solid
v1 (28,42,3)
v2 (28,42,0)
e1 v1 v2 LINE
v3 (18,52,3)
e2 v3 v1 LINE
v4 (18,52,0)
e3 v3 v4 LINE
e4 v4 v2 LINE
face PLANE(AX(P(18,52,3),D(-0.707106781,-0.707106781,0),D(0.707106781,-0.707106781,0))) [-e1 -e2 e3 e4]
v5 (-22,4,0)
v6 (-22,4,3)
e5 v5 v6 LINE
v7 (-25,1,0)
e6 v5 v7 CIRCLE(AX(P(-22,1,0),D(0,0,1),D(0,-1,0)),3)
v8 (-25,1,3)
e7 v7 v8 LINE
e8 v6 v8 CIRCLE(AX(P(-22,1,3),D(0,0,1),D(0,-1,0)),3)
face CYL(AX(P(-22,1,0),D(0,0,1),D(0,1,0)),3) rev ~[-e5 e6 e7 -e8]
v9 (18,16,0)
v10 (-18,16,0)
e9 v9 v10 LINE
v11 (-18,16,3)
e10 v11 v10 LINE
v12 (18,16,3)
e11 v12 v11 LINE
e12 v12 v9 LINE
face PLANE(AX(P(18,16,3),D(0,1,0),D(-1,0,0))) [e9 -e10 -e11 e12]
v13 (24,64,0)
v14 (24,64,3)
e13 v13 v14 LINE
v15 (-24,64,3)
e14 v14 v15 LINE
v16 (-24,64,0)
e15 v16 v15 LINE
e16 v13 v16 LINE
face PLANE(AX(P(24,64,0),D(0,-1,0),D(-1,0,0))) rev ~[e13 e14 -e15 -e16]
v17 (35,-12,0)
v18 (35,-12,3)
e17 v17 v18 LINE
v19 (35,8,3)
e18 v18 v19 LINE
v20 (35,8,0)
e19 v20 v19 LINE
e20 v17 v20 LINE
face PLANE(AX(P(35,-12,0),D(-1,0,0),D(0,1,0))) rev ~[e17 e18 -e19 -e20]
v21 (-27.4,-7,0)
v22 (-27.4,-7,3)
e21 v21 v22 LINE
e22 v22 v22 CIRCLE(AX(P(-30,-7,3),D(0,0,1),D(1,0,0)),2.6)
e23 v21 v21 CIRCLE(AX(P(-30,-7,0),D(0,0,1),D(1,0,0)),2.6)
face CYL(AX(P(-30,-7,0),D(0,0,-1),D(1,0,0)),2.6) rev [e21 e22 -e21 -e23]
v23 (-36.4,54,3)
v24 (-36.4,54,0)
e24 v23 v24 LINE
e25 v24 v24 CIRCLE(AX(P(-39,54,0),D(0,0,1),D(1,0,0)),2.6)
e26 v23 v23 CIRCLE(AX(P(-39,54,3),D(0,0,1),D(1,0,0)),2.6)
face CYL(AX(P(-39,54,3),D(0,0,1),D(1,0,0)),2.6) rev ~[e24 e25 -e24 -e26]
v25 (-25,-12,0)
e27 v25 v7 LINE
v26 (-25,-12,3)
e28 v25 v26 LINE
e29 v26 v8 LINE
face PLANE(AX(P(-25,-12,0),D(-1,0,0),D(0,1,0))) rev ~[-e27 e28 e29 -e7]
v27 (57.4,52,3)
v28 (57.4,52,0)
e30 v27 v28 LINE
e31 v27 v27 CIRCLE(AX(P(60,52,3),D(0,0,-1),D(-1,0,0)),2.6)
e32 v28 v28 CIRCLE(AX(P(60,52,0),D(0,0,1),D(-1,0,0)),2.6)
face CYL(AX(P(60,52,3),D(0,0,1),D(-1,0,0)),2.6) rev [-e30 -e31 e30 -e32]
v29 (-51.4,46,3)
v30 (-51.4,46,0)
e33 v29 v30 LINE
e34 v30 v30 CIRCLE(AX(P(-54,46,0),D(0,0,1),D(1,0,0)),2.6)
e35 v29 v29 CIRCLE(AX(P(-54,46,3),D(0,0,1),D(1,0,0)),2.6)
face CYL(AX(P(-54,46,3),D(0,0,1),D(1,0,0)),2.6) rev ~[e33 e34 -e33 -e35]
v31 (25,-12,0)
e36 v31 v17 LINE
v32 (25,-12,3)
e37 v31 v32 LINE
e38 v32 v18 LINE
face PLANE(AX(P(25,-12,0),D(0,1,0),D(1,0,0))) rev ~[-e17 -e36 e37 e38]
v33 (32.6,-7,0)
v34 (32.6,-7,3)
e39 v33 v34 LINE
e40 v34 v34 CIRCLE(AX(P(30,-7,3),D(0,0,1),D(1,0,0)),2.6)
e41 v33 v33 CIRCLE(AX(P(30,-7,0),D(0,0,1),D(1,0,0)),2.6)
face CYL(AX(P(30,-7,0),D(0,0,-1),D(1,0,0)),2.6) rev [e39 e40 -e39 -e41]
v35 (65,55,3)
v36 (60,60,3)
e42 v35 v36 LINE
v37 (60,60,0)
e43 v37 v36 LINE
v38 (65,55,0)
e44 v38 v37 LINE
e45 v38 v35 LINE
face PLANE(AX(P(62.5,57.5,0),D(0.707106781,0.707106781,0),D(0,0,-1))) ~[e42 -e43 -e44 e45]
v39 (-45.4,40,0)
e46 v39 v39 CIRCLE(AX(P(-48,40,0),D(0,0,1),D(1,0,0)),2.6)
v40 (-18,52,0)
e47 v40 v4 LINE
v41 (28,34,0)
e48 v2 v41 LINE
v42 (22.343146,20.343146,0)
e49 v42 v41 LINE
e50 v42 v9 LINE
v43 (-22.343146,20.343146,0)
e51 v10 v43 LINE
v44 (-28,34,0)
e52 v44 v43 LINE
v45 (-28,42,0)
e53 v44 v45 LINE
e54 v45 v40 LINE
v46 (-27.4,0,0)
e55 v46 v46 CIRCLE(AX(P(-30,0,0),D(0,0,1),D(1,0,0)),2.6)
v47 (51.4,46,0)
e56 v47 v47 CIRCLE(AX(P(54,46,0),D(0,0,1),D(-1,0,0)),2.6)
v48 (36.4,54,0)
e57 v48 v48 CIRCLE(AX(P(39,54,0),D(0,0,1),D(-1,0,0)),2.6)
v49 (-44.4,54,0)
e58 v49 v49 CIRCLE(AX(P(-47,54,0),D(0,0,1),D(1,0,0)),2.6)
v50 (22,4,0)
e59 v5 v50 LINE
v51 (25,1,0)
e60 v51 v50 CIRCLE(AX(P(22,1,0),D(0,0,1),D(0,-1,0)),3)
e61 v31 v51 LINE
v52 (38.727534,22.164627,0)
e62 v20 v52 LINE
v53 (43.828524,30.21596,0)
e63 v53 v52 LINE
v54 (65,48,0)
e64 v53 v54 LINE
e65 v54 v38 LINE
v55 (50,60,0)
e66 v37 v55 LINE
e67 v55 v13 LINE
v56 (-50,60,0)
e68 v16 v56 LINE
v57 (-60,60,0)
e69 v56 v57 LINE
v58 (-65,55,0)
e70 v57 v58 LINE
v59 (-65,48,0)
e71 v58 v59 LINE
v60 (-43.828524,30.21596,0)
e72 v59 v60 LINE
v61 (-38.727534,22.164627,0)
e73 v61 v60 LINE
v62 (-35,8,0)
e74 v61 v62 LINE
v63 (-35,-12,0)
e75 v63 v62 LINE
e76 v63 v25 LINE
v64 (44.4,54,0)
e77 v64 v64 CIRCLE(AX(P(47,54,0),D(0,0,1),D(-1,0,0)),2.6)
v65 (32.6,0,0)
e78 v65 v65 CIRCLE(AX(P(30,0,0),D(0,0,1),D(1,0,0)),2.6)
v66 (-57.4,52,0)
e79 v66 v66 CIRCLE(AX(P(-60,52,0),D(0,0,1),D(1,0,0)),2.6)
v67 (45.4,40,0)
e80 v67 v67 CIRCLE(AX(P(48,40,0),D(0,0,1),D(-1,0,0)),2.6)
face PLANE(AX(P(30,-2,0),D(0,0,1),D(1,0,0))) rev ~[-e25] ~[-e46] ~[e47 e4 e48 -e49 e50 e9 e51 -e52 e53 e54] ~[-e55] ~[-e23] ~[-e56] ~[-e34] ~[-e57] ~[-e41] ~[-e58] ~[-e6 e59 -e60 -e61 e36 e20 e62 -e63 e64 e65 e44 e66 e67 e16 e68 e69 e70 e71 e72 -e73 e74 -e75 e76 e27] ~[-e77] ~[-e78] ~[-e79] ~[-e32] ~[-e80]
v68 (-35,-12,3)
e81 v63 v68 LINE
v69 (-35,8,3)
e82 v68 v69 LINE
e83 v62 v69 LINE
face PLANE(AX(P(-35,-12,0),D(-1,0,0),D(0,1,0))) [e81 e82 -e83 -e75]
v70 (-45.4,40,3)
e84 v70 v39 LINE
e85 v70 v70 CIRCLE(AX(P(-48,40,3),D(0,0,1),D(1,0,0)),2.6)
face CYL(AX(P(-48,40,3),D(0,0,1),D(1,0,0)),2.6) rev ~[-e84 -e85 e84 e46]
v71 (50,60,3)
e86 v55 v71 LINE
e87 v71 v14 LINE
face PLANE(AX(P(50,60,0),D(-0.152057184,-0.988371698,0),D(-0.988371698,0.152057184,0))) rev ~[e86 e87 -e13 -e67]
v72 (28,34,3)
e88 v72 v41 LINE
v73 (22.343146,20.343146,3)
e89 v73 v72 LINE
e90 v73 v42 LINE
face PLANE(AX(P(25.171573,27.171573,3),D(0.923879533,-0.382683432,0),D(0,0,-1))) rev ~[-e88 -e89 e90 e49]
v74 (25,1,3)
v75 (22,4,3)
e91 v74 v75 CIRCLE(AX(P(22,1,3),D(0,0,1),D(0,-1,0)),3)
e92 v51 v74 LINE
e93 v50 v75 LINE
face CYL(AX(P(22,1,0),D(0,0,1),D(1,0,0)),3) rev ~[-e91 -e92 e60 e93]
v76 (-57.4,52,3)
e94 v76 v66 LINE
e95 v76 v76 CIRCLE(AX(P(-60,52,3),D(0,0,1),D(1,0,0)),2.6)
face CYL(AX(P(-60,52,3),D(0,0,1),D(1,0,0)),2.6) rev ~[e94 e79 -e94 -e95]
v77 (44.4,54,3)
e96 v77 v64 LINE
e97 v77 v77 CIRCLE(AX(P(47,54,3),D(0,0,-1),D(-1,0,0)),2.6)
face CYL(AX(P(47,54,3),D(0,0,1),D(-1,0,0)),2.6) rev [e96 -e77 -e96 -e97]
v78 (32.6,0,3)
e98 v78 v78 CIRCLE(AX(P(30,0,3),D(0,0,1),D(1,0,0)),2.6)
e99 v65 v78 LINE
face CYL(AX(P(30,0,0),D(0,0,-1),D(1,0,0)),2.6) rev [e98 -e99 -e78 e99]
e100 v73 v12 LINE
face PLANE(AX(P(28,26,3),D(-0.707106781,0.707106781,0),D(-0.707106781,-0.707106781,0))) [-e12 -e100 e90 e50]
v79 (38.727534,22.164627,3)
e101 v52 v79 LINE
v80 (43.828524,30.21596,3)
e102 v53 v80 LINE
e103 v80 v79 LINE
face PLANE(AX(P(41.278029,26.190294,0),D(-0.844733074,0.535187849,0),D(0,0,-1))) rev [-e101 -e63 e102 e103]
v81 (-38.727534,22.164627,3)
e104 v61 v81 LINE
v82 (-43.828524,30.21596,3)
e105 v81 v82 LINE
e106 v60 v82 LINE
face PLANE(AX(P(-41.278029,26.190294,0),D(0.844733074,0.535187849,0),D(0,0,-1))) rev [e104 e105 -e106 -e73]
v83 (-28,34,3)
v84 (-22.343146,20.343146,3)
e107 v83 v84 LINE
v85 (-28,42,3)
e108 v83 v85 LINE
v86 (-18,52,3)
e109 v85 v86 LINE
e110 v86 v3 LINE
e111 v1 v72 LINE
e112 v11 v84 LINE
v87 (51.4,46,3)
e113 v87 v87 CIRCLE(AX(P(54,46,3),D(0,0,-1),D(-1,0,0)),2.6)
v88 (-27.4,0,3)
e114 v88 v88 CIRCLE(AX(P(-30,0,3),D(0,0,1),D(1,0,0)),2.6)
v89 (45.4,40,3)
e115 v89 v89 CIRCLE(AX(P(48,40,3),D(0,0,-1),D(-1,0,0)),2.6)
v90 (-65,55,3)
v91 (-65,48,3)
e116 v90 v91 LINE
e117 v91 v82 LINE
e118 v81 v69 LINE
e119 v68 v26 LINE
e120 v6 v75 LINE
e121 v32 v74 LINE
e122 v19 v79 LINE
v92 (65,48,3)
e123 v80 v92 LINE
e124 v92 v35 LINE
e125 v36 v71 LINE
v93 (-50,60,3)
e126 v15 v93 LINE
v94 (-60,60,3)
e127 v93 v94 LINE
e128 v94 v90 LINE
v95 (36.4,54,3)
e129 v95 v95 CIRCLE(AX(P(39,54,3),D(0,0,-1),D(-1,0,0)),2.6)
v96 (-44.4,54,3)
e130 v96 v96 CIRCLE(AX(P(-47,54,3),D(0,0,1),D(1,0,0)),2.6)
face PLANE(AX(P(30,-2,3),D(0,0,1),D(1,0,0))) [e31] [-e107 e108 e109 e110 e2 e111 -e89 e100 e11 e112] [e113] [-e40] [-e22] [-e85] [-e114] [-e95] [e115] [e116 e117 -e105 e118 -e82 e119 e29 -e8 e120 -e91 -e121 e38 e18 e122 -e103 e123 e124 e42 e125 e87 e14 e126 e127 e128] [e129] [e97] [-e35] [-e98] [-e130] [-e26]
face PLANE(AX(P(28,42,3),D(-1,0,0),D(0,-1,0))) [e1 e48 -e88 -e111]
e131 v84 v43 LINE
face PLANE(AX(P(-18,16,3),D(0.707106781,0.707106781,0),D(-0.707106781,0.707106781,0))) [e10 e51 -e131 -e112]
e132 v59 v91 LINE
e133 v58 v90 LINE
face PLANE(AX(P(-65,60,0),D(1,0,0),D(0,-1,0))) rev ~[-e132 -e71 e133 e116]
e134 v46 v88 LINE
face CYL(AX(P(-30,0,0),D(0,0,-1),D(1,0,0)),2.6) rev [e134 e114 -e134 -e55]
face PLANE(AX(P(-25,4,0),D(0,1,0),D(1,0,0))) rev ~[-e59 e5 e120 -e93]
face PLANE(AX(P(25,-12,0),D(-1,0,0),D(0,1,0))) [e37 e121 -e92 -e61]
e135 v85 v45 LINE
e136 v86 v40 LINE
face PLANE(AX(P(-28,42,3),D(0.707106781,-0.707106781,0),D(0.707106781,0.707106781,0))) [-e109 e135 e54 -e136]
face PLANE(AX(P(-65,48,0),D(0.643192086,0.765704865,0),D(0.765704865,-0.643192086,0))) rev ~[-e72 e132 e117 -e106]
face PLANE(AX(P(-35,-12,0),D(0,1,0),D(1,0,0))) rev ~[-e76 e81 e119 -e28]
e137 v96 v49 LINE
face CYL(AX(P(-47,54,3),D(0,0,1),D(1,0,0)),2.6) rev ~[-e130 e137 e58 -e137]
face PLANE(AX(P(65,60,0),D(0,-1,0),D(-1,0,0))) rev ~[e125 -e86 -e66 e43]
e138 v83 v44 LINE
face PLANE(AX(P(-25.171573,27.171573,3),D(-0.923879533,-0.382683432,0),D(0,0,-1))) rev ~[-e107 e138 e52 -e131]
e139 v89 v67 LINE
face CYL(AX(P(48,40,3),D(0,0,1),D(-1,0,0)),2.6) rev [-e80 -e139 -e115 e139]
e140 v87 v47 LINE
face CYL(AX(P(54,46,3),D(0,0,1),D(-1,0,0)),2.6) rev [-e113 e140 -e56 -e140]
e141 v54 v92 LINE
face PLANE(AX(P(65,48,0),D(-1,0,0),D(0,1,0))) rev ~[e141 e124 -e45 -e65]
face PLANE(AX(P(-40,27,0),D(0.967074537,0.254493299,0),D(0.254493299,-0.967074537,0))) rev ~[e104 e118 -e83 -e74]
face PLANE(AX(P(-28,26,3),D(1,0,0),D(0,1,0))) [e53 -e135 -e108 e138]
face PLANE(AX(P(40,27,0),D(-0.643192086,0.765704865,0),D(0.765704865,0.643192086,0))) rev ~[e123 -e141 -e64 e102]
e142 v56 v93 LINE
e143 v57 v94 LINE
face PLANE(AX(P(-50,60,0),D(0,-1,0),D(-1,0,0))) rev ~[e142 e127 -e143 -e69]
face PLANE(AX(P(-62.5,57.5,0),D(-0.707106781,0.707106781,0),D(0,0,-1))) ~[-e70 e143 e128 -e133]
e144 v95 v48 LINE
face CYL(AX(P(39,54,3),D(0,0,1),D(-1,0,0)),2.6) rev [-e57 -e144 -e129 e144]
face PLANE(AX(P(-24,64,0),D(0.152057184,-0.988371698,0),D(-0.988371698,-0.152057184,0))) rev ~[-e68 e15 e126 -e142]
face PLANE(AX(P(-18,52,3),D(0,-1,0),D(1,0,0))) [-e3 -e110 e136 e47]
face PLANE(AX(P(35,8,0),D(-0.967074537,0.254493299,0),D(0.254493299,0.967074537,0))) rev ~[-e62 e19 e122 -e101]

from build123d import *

# Parameters (mm, degrees)
SKETCH_1_W          = 10
SKETCH_1_H          = 20
SKETCH_1_R          = 2.6
EXTRUDE_1_DEPTH     = 3
CUT_EXTRUDE_1_DEPTH = 3
FILLET_2_R          = 3
CHAMFER_3_SIZE      = 5
CHAMFER_4_SIZE      = 5
CHAMFER_5_SIZE      = 5
SKETCH_4_R          = 2.6
CUT_EXTRUDE_2_DEPTH = 92.268833673
CHAMFER_8_SIZE      = 8
CHAMFER_9_SIZE      = 8


with BuildPart() as part:
    # 草图1 → 凸台-拉伸1 (new body)
    # profile 1 of 3: a face of its own
    with BuildSketch(Plane.XY):
        Polygon((-40, 27), (-35, 8), (-25, 8), (-25, 4), (25, 4), (25, 8), (35, 8), (40, 27), (65, 48), (65, 60), (50, 60), (24, 64), (-24, 64), (-50, 60), (-65, 60), (-65, 48), align=None)
    # profile 2 of 3: a face of its own
    with BuildSketch(Plane.XY):
        with Locations((-30, -2)):
            Rectangle(SKETCH_1_W, SKETCH_1_H)
        with Locations((-30, -7)):
            Circle(SKETCH_1_R, mode=Mode.SUBTRACT)
        with Locations((-30, 0)):
            Circle(SKETCH_1_R, mode=Mode.SUBTRACT)
    # profile 3 of 3: a face of its own
    with BuildSketch(Plane.XY):
        with Locations((30, -2)):
            Rectangle(SKETCH_1_W, SKETCH_1_H)
        with Locations((30, -7)):
            Circle(SKETCH_1_R, mode=Mode.SUBTRACT)
        with Locations((30, 0)):
            Circle(SKETCH_1_R, mode=Mode.SUBTRACT)
    extrude(amount=EXTRUDE_1_DEPTH)

    # 草图2 → 切除-拉伸1 (cut)
    with BuildSketch(Plane.XY.offset(3)):
        Polygon((-18, 52), (18, 52), (28, 42), (28, 26), (18, 16), (-18, 16), (-28, 26), (-28, 42), align=None)
    extrude(amount=-CUT_EXTRUDE_1_DEPTH, mode=Mode.SUBTRACT)

    # 圆角2
    fillet_2_edges = [part.edges().sort_by_distance(p)[0] for p in [
        (25, 4, 1.5),
        (-25, 4, 1.5),
    ]]
    fillet(fillet_2_edges, radius=FILLET_2_R)

    # 倒角3
    chamfer_3_edges = [part.edges().sort_by_distance(p)[0] for p in [
        (-40, 27, 1.5),
    ]]
    chamfer(chamfer_3_edges, length=CHAMFER_3_SIZE)

    # 倒角4
    chamfer_4_edges = [part.edges().sort_by_distance(p)[0] for p in [
        (40, 27, 1.5),
    ]]
    chamfer(chamfer_4_edges, length=CHAMFER_4_SIZE)

    # 倒角5
    chamfer_5_edges = [part.edges().sort_by_distance(p)[0] for p in [
        (-65, 60, 1.5),
        (65, 60, 1.5),
    ]]
    chamfer(chamfer_5_edges, length=CHAMFER_5_SIZE)

    # 草图4 → 切除-拉伸2 (cut, through all)
    with BuildSketch(Plane.XY.offset(3)):
        with Locations((-60, 52)):
            Circle(SKETCH_4_R)
        with Locations((-54, 46)):
            Circle(SKETCH_4_R)
        with Locations((-47, 54)):
            Circle(SKETCH_4_R)
        with Locations((-48, 40)):
            Circle(SKETCH_4_R)
        with Locations((-39, 54)):
            Circle(SKETCH_4_R)
    cut_extrude_2 = extrude(amount=-CUT_EXTRUDE_2_DEPTH, mode=Mode.SUBTRACT)

    # 镜向4: 切除-拉伸2 across plane
    add(cut_extrude_2.mirror(Plane(origin=(0, 0, 0), x_dir=(0, 0, 1), z_dir=(1, 0, 0))), mode=Mode.SUBTRACT)

    # 倒角8
    chamfer_8_edges = [part.edges().sort_by_distance(p)[0] for p in [
        (-28, 26, 1.5),
    ]]
    chamfer(chamfer_8_edges, length=CHAMFER_8_SIZE)

    # 倒角9
    chamfer_9_edges = [part.edges().sort_by_distance(p)[0] for p in [
        (28, 26, 1.5),
    ]]
    chamfer(chamfer_9_edges, length=CHAMFER_9_SIZE)


solid = part.part
